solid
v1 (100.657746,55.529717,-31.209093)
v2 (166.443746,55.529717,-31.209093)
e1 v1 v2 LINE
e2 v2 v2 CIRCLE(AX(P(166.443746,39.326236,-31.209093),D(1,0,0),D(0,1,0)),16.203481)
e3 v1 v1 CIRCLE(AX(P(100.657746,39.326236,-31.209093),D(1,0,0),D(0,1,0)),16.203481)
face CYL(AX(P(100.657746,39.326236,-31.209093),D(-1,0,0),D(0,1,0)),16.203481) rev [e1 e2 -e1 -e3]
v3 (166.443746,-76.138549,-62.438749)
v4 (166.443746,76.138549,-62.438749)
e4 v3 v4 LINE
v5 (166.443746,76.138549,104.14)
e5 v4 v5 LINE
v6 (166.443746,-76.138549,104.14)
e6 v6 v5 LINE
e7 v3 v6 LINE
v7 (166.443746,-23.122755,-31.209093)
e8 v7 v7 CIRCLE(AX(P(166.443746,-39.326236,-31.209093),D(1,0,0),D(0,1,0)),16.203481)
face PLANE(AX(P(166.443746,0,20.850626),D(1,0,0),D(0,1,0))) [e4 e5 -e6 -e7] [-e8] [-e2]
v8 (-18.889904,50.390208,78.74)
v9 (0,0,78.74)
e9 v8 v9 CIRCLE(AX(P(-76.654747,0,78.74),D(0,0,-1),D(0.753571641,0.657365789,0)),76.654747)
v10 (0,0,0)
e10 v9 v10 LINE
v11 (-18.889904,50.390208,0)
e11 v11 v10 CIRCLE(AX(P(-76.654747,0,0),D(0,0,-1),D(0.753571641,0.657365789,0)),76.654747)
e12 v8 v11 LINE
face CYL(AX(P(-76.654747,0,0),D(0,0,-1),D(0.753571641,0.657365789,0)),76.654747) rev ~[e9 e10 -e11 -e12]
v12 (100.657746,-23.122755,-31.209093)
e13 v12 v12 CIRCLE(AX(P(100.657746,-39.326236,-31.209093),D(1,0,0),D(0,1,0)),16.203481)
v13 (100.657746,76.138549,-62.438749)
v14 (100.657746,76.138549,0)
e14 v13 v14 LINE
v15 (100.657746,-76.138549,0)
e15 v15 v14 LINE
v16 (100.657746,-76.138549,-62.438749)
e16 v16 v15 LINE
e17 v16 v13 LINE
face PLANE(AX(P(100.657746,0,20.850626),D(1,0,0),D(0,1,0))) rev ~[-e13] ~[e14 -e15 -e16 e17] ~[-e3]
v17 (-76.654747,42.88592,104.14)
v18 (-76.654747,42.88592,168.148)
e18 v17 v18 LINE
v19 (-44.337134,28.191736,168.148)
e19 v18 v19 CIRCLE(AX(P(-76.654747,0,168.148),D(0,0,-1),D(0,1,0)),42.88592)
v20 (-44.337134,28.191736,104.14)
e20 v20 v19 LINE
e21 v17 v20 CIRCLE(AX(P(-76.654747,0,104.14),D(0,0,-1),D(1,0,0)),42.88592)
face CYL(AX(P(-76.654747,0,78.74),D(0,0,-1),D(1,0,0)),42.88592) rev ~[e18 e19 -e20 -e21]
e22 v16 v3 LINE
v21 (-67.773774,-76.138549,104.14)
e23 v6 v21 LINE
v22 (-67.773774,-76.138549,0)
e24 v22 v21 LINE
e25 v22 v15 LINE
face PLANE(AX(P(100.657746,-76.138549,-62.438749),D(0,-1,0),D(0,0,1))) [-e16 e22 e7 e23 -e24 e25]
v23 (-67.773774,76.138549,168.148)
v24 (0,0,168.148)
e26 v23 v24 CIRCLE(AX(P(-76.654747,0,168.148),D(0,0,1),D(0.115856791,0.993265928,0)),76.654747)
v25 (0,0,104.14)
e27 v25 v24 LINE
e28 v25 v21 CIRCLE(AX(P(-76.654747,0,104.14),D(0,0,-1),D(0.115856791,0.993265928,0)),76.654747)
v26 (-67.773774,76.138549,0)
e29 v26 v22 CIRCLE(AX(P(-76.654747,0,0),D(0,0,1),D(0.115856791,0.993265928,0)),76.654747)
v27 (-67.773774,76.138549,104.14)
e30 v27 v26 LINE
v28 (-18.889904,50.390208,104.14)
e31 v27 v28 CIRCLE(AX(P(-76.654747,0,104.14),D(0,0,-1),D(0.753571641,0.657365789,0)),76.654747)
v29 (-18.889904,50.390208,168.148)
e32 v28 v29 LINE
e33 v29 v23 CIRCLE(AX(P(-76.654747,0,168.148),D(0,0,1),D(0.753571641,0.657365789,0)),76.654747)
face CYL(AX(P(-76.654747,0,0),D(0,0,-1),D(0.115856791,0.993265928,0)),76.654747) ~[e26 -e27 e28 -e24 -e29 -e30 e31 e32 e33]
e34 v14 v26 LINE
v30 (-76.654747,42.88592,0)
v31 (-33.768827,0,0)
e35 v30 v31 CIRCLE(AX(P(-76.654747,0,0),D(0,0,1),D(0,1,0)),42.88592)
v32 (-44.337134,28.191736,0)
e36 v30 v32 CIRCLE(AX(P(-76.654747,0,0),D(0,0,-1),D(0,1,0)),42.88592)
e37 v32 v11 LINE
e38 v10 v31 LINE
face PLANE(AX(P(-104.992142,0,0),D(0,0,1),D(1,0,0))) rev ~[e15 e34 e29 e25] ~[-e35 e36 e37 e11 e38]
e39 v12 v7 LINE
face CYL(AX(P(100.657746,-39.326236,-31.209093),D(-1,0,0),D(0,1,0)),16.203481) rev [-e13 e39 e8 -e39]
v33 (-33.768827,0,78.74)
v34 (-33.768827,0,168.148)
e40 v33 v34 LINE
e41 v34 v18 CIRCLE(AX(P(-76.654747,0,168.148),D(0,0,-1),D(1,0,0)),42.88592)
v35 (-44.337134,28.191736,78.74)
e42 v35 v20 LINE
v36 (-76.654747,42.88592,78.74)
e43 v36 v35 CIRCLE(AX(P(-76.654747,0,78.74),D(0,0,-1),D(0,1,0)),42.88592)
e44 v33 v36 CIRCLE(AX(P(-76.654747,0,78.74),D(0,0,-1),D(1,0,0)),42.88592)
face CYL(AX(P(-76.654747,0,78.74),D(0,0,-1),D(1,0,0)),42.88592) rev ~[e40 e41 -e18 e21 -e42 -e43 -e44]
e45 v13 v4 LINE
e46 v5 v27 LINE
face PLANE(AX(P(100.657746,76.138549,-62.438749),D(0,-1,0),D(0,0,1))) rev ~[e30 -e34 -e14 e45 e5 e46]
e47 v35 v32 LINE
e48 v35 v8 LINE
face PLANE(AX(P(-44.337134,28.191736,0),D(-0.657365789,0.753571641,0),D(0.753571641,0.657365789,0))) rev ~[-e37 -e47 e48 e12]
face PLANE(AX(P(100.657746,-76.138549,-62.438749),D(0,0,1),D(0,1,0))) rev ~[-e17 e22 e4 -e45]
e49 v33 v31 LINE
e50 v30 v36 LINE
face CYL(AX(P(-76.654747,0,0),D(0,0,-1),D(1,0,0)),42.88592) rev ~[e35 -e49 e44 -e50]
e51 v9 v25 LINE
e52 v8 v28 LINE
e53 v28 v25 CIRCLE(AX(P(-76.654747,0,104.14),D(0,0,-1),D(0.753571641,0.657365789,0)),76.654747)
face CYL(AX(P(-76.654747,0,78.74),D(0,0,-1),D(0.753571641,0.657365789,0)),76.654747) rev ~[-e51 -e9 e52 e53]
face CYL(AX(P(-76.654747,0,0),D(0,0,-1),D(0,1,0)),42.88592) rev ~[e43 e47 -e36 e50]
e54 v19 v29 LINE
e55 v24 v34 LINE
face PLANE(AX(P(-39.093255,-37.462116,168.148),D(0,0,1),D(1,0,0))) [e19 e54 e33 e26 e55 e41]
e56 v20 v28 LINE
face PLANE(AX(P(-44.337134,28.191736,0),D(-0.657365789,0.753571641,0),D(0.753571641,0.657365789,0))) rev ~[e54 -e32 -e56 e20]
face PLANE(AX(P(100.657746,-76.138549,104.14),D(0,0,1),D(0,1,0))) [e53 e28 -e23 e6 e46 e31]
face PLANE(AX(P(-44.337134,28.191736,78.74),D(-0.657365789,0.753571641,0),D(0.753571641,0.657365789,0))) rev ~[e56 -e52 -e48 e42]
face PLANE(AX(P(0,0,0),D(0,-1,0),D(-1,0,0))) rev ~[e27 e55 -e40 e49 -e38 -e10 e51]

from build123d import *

# Parameters (mm, degrees)
F1_DEPTH = 78.74
F2_DEPTH = 25.4
F3_DEPTH = 168.148
F4_W     = 152.277097106
F4_H     = 166.5787487769
F4_R     = 16.2034810418
F5_DEPTH = 65.786


with BuildPart() as f1:
    # F0 (on Top) → F1 (new body)
    with BuildSketch(Plane.XY):
        with BuildLine():
            Line((-76.6547471285, 42.8859197003), (-76.6547471285, 76.138548553))
            Line((-76.6547471285, 76.138548553), (-67.7737741201, 76.138548553))
            ThreePointArc((-67.7737741201, 76.138548553), (-153.309494257, 0), (-67.7737741201, -76.138548553))
            Line((-67.7737741201, -76.138548553), (-76.6547471285, -76.138548553))
            Line((-76.6547471285, -76.138548553), (-76.6547471285, -42.8859197003))
            ThreePointArc((-76.6547471285, -42.8859197003), (-119.5406668288, 0), (-76.6547471285, 42.8859197003))
        make_face()
        with BuildLine():
            Line((-67.7737741201, 76.138548553), (-76.6547471285, 76.138548553))
            Line((-76.6547471285, 76.138548553), (-76.6547471285, 42.8859197003))
            ThreePointArc((-76.6547471285, 42.8859197003), (-58.9040631626, 39.0399196629), (-44.3371342228, 28.1917364598))
            Line((-44.3371342228, 28.1917364598), (-18.8899035063, 50.3902083608))
            ThreePointArc((-18.8899035063, 50.3902083608), (-40.9313587918, 67.8217500739), (-67.7737741201, 76.138548553))
        make_face()
        with BuildLine():
            Line((100.6577461958, 76.138548553), (-67.7737741201, 76.138548553))
            ThreePointArc((-67.7737741201, 76.138548553), (-40.9313587918, 67.8217500739), (-18.8899035063, 50.3902083608))
            ThreePointArc((-18.8899035063, 50.3902083608), (-4.8776625607, 26.9072553093), (0, 0))
            ThreePointArc((0, 0), (-19.3977868636, -50.9665651046), (-67.7737741201, -76.138548553))
            Line((-67.7737741201, -76.138548553), (100.6577461958, -76.138548553))
            Line((100.6577461958, -76.138548553), (100.6577461958, 76.138548553))
        make_face()
        with BuildLine():
            Line((-76.6547471285, -76.138548553), (-67.7737741201, -76.138548553))
            ThreePointArc((-67.7737741201, -76.138548553), (-19.3977868636, -50.9665651046), (0, 0))
            Line((0, 0), (-33.7688274282, 0))
            ThreePointArc((-33.7688274282, 0), (-46.329822491, -30.3249246375), (-76.6547471285, -42.8859197003))
            Line((-76.6547471285, -42.8859197003), (-76.6547471285, -76.138548553))
        make_face()
    extrude(amount=F1_DEPTH)

    # F0 (on Top) + F1_face (on face) + F1_face1 (on face) → F2 (join)
    with BuildSketch(Plane.XY):
        with BuildLine():
            Line((-76.6547471285, 42.8859197003), (-76.6547471285, 76.138548553))
            Line((-76.6547471285, 76.138548553), (-67.7737741201, 76.138548553))
            ThreePointArc((-67.7737741201, 76.138548553), (-153.309494257, 0), (-67.7737741201, -76.138548553))
            Line((-67.7737741201, -76.138548553), (-76.6547471285, -76.138548553))
            Line((-76.6547471285, -76.138548553), (-76.6547471285, -42.8859197003))
            ThreePointArc((-76.6547471285, -42.8859197003), (-119.5406668288, 0), (-76.6547471285, 42.8859197003))
        make_face()
    with BuildSketch(Plane(origin=(-7.2978192901, -1.0520080629, 78.74), x_dir=(1, 0, 0), z_dir=(0, 0, 1))):
        with BuildLine():
            ThreePointArc((-60.47595483, 77.1905566159), (-146.0116749669, 1.0520080629), (-60.47595483, -75.08654049))
            Line((-60.47595483, -75.08654049), (107.9555654859, -75.08654049))
            Line((107.9555654859, -75.08654049), (107.9555654859, 77.1905566159))
            Line((107.9555654859, 77.1905566159), (-60.47595483, 77.1905566159))
        make_face()
        with BuildLine():
            ThreePointArc((-11.5920842162, 51.4422164237), (2.4201567294, 27.9592633723), (7.2978192901, 1.0520080629))
            Line((7.2978192901, 1.0520080629), (-26.4710081381, 1.0520080629))
            ThreePointArc((-26.4710081381, 1.0520080629), (-109.5139487719, -14.0017548647), (-37.0393149327, 29.2437445228))
            Line((-37.0393149327, 29.2437445228), (-11.5920842162, 51.4422164237))
        make_face(mode=Mode.SUBTRACT)
    with BuildSketch(Plane(origin=(-7.2978192901, -1.0520080629, 0), x_dir=(1, 0, 0), z_dir=(0, 0, -1))):
        with BuildLine():
            ThreePointArc((-60.47595483, 75.08654049), (-146.0116749669, -1.0520080629), (-60.47595483, -77.1905566159))
            Line((-60.47595483, -77.1905566159), (107.9555654859, -77.1905566159))
            Line((107.9555654859, -77.1905566159), (107.9555654859, 75.08654049))
            Line((107.9555654859, 75.08654049), (-60.47595483, 75.08654049))
        make_face()
        with BuildLine():
            ThreePointArc((7.2978192901, -1.0520080629), (2.4201567294, -27.9592633723), (-11.5920842162, -51.4422164237))
            Line((-11.5920842162, -51.4422164237), (-37.0393149327, -29.2437445228))
            ThreePointArc((-37.0393149327, -29.2437445228), (-109.5139487719, 14.0017548647), (-26.4710081381, -1.0520080629))
            Line((-26.4710081381, -1.0520080629), (7.2978192901, -1.0520080629))
        make_face(mode=Mode.SUBTRACT)
    extrude(amount=F2_DEPTH, dir=(0, 0, 1))

    # F0 (on Top) → F3 (join)
    with BuildSketch(Plane.XY):
        with BuildLine():
            Line((-76.6547471285, -76.138548553), (-67.7737741201, -76.138548553))
            ThreePointArc((-67.7737741201, -76.138548553), (-19.3977868636, -50.9665651046), (0, 0))
            Line((0, 0), (-33.7688274282, 0))
            ThreePointArc((-33.7688274282, 0), (-46.329822491, -30.3249246375), (-76.6547471285, -42.8859197003))
            Line((-76.6547471285, -42.8859197003), (-76.6547471285, -76.138548553))
        make_face()
        with BuildLine():
            Line((-76.6547471285, 42.8859197003), (-76.6547471285, 76.138548553))
            Line((-76.6547471285, 76.138548553), (-67.7737741201, 76.138548553))
            ThreePointArc((-67.7737741201, 76.138548553), (-153.309494257, 0), (-67.7737741201, -76.138548553))
            Line((-67.7737741201, -76.138548553), (-76.6547471285, -76.138548553))
            Line((-76.6547471285, -76.138548553), (-76.6547471285, -42.8859197003))
            ThreePointArc((-76.6547471285, -42.8859197003), (-119.5406668288, 0), (-76.6547471285, 42.8859197003))
        make_face()
        with BuildLine():
            Line((-67.7737741201, 76.138548553), (-76.6547471285, 76.138548553))
            Line((-76.6547471285, 76.138548553), (-76.6547471285, 42.8859197003))
            ThreePointArc((-76.6547471285, 42.8859197003), (-58.9040631626, 39.0399196629), (-44.3371342228, 28.1917364598))
            Line((-44.3371342228, 28.1917364598), (-18.8899035063, 50.3902083608))
            ThreePointArc((-18.8899035063, 50.3902083608), (-40.9313587918, 67.8217500739), (-67.7737741201, 76.138548553))
        make_face()
    extrude(amount=F3_DEPTH)

    # F4 (on face) → F5 (join)
    with BuildSketch(Plane.YZ.offset(100.6577461958)):
        with Locations((0, 20.8506256115)):
            Rectangle(F4_W, F4_H)
        with Locations((-39.326235652, -31.2090925872)):
            Circle(F4_R, mode=Mode.SUBTRACT)
        with Locations((39.326235652, -31.2090925872)):
            Circle(F4_R, mode=Mode.SUBTRACT)
    extrude(amount=F5_DEPTH)


solid = f1.part
